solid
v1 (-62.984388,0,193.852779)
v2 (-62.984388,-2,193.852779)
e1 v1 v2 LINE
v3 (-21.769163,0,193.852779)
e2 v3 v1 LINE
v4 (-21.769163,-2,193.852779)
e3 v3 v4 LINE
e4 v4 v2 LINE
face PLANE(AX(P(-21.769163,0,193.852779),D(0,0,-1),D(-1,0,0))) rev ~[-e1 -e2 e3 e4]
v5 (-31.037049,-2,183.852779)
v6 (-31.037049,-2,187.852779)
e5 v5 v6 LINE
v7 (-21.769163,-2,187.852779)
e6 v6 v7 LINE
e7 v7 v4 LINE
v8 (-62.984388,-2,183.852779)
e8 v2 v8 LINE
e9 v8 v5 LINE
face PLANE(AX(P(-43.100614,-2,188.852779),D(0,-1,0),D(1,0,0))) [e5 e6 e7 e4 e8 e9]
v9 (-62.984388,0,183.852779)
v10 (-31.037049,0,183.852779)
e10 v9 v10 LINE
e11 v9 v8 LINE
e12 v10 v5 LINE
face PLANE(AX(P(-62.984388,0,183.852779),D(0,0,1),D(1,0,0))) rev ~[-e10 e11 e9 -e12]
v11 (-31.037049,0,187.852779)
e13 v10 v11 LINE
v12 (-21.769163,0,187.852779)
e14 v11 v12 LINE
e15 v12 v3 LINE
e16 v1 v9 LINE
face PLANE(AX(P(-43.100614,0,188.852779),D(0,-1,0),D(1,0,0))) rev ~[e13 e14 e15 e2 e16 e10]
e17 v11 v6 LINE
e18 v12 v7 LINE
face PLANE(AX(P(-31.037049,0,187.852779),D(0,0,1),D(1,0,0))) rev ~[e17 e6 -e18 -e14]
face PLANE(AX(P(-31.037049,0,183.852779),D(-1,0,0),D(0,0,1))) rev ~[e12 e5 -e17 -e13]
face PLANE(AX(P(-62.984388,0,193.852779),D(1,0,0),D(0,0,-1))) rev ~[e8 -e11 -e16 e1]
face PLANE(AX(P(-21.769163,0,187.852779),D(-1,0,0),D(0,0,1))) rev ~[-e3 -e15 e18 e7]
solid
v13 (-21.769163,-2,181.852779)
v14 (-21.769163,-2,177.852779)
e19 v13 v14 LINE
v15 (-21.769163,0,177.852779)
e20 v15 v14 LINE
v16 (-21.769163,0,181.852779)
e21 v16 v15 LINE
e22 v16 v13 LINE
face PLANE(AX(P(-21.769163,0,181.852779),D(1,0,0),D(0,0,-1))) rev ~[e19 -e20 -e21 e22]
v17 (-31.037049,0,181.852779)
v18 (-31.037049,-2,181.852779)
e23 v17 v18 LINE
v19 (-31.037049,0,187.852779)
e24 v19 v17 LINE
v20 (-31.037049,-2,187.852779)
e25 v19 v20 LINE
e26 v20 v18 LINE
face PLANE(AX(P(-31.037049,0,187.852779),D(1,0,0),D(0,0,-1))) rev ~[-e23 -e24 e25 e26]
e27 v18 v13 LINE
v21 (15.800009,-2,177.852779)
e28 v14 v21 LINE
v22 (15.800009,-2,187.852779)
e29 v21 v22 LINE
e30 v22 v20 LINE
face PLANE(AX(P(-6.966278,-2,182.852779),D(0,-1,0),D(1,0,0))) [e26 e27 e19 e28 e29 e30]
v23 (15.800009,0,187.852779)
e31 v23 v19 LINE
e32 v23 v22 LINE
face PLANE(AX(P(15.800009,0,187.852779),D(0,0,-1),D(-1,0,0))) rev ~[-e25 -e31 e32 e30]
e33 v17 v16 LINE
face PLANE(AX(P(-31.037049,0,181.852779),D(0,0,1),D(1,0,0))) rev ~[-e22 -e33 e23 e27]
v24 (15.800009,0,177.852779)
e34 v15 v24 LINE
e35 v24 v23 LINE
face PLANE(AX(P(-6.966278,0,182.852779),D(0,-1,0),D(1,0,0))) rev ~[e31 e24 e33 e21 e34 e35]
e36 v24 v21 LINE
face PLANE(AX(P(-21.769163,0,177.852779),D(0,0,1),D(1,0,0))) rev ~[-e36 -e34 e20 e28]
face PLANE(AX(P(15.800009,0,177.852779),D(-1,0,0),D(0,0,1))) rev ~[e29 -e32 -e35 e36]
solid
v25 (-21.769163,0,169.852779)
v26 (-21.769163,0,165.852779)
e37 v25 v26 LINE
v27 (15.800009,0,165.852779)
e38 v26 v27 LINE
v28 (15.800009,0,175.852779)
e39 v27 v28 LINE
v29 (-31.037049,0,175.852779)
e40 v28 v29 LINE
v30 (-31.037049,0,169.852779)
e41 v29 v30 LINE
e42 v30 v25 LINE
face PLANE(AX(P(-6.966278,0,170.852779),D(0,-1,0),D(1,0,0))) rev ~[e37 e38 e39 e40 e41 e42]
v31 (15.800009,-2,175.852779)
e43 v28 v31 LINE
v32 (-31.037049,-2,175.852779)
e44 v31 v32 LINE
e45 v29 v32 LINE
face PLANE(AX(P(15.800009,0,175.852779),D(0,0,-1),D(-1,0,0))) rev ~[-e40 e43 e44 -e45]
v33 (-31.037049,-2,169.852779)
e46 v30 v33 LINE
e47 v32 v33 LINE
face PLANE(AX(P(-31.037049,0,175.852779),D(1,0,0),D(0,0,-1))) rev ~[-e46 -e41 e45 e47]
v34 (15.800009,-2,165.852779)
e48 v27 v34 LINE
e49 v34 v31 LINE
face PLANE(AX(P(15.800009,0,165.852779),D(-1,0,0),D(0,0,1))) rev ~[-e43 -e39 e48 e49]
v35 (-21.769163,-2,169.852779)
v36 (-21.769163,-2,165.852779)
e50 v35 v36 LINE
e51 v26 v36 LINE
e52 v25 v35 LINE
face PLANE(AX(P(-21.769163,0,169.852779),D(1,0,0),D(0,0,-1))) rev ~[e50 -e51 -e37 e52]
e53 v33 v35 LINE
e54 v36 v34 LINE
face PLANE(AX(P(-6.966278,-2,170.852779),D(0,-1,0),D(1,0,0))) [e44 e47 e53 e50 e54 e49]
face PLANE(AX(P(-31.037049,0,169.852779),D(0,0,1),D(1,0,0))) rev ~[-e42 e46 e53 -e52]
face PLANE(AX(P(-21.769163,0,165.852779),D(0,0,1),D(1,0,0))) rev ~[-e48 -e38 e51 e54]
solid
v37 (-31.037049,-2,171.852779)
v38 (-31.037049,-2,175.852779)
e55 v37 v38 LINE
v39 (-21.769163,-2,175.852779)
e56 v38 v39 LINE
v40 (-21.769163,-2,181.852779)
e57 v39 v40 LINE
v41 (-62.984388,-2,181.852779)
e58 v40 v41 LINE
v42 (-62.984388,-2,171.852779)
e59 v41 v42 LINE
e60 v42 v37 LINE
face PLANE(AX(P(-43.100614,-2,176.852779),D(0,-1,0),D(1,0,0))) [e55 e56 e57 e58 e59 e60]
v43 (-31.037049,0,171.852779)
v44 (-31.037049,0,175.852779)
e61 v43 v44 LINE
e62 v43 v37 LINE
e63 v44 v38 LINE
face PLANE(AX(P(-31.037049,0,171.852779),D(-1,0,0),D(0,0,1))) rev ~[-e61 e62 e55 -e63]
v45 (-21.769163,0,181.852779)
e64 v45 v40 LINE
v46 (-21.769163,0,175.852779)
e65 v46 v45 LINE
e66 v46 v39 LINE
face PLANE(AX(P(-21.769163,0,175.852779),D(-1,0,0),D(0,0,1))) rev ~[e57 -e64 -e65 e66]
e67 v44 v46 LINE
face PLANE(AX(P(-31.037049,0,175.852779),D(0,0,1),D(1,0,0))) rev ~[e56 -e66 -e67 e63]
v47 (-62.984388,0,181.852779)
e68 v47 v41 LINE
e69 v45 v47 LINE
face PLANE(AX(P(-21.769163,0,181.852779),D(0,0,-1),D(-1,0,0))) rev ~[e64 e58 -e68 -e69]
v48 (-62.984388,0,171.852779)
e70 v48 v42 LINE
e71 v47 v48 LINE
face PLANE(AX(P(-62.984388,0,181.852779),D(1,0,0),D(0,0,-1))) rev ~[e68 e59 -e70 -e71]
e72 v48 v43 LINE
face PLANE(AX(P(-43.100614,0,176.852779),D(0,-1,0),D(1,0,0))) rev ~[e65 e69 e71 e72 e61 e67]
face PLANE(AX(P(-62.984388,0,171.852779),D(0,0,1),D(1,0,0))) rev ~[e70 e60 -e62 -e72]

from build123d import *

# Parameters (mm, degrees)
F0_W     = 9.267886
F0_H     = 4
F1_DEPTH = 2
F2_DEPTH = 2


with BuildPart() as f1:
    # F0 (on Front) → F1 (new body)
    with BuildSketch(Plane.XZ):
        Polygon((-31.037049, 181.852779), (-62.984388, 181.852779), (-62.984388, 171.852779), (-31.037049, 171.852779), (-31.037049, 175.852779), (-21.769163, 175.852779), (-21.769163, 177.852779), (-31.037049, 177.852779), align=None)
        with Locations((-26.403106, 179.852779)):
            Rectangle(F0_W, F0_H)
        Polygon((-62.984388, 183.852779), (-31.037049, 183.852779), (-31.037049, 187.852779), (-21.769163, 187.852779), (-21.769163, 189.852779), (-31.037049, 189.852779), (-31.037049, 193.852779), (-62.984388, 193.852779), align=None)
        with Locations((-26.403106, 191.852779)):
            Rectangle(F0_W, F0_H)
    extrude(amount=F1_DEPTH)


with BuildPart() as f2:
    # F0 (on Front) → F2 (new body)
    with BuildSketch(Plane.XZ):
        Polygon((-31.037049, 183.852779), (-31.037049, 181.852779), (-21.769163, 181.852779), (-21.769163, 177.852779), (15.800009, 177.852779), (15.800009, 187.852779), (-21.769163, 187.852779), (-21.769163, 183.852779), align=None)
        with Locations((-26.403106, 185.852779)):
            Rectangle(F0_W, F0_H)
        Polygon((-21.769163, 171.852779), (-31.037049, 171.852779), (-31.037049, 169.852779), (-21.769163, 169.852779), (-21.769163, 165.852779), (15.800009, 165.852779), (15.800009, 175.852779), (-21.769163, 175.852779), align=None)
        with Locations((-26.403106, 173.852779)):
            Rectangle(F0_W, F0_H)
    extrude(amount=F2_DEPTH)


solid = Compound([f1.part, f2.part])
